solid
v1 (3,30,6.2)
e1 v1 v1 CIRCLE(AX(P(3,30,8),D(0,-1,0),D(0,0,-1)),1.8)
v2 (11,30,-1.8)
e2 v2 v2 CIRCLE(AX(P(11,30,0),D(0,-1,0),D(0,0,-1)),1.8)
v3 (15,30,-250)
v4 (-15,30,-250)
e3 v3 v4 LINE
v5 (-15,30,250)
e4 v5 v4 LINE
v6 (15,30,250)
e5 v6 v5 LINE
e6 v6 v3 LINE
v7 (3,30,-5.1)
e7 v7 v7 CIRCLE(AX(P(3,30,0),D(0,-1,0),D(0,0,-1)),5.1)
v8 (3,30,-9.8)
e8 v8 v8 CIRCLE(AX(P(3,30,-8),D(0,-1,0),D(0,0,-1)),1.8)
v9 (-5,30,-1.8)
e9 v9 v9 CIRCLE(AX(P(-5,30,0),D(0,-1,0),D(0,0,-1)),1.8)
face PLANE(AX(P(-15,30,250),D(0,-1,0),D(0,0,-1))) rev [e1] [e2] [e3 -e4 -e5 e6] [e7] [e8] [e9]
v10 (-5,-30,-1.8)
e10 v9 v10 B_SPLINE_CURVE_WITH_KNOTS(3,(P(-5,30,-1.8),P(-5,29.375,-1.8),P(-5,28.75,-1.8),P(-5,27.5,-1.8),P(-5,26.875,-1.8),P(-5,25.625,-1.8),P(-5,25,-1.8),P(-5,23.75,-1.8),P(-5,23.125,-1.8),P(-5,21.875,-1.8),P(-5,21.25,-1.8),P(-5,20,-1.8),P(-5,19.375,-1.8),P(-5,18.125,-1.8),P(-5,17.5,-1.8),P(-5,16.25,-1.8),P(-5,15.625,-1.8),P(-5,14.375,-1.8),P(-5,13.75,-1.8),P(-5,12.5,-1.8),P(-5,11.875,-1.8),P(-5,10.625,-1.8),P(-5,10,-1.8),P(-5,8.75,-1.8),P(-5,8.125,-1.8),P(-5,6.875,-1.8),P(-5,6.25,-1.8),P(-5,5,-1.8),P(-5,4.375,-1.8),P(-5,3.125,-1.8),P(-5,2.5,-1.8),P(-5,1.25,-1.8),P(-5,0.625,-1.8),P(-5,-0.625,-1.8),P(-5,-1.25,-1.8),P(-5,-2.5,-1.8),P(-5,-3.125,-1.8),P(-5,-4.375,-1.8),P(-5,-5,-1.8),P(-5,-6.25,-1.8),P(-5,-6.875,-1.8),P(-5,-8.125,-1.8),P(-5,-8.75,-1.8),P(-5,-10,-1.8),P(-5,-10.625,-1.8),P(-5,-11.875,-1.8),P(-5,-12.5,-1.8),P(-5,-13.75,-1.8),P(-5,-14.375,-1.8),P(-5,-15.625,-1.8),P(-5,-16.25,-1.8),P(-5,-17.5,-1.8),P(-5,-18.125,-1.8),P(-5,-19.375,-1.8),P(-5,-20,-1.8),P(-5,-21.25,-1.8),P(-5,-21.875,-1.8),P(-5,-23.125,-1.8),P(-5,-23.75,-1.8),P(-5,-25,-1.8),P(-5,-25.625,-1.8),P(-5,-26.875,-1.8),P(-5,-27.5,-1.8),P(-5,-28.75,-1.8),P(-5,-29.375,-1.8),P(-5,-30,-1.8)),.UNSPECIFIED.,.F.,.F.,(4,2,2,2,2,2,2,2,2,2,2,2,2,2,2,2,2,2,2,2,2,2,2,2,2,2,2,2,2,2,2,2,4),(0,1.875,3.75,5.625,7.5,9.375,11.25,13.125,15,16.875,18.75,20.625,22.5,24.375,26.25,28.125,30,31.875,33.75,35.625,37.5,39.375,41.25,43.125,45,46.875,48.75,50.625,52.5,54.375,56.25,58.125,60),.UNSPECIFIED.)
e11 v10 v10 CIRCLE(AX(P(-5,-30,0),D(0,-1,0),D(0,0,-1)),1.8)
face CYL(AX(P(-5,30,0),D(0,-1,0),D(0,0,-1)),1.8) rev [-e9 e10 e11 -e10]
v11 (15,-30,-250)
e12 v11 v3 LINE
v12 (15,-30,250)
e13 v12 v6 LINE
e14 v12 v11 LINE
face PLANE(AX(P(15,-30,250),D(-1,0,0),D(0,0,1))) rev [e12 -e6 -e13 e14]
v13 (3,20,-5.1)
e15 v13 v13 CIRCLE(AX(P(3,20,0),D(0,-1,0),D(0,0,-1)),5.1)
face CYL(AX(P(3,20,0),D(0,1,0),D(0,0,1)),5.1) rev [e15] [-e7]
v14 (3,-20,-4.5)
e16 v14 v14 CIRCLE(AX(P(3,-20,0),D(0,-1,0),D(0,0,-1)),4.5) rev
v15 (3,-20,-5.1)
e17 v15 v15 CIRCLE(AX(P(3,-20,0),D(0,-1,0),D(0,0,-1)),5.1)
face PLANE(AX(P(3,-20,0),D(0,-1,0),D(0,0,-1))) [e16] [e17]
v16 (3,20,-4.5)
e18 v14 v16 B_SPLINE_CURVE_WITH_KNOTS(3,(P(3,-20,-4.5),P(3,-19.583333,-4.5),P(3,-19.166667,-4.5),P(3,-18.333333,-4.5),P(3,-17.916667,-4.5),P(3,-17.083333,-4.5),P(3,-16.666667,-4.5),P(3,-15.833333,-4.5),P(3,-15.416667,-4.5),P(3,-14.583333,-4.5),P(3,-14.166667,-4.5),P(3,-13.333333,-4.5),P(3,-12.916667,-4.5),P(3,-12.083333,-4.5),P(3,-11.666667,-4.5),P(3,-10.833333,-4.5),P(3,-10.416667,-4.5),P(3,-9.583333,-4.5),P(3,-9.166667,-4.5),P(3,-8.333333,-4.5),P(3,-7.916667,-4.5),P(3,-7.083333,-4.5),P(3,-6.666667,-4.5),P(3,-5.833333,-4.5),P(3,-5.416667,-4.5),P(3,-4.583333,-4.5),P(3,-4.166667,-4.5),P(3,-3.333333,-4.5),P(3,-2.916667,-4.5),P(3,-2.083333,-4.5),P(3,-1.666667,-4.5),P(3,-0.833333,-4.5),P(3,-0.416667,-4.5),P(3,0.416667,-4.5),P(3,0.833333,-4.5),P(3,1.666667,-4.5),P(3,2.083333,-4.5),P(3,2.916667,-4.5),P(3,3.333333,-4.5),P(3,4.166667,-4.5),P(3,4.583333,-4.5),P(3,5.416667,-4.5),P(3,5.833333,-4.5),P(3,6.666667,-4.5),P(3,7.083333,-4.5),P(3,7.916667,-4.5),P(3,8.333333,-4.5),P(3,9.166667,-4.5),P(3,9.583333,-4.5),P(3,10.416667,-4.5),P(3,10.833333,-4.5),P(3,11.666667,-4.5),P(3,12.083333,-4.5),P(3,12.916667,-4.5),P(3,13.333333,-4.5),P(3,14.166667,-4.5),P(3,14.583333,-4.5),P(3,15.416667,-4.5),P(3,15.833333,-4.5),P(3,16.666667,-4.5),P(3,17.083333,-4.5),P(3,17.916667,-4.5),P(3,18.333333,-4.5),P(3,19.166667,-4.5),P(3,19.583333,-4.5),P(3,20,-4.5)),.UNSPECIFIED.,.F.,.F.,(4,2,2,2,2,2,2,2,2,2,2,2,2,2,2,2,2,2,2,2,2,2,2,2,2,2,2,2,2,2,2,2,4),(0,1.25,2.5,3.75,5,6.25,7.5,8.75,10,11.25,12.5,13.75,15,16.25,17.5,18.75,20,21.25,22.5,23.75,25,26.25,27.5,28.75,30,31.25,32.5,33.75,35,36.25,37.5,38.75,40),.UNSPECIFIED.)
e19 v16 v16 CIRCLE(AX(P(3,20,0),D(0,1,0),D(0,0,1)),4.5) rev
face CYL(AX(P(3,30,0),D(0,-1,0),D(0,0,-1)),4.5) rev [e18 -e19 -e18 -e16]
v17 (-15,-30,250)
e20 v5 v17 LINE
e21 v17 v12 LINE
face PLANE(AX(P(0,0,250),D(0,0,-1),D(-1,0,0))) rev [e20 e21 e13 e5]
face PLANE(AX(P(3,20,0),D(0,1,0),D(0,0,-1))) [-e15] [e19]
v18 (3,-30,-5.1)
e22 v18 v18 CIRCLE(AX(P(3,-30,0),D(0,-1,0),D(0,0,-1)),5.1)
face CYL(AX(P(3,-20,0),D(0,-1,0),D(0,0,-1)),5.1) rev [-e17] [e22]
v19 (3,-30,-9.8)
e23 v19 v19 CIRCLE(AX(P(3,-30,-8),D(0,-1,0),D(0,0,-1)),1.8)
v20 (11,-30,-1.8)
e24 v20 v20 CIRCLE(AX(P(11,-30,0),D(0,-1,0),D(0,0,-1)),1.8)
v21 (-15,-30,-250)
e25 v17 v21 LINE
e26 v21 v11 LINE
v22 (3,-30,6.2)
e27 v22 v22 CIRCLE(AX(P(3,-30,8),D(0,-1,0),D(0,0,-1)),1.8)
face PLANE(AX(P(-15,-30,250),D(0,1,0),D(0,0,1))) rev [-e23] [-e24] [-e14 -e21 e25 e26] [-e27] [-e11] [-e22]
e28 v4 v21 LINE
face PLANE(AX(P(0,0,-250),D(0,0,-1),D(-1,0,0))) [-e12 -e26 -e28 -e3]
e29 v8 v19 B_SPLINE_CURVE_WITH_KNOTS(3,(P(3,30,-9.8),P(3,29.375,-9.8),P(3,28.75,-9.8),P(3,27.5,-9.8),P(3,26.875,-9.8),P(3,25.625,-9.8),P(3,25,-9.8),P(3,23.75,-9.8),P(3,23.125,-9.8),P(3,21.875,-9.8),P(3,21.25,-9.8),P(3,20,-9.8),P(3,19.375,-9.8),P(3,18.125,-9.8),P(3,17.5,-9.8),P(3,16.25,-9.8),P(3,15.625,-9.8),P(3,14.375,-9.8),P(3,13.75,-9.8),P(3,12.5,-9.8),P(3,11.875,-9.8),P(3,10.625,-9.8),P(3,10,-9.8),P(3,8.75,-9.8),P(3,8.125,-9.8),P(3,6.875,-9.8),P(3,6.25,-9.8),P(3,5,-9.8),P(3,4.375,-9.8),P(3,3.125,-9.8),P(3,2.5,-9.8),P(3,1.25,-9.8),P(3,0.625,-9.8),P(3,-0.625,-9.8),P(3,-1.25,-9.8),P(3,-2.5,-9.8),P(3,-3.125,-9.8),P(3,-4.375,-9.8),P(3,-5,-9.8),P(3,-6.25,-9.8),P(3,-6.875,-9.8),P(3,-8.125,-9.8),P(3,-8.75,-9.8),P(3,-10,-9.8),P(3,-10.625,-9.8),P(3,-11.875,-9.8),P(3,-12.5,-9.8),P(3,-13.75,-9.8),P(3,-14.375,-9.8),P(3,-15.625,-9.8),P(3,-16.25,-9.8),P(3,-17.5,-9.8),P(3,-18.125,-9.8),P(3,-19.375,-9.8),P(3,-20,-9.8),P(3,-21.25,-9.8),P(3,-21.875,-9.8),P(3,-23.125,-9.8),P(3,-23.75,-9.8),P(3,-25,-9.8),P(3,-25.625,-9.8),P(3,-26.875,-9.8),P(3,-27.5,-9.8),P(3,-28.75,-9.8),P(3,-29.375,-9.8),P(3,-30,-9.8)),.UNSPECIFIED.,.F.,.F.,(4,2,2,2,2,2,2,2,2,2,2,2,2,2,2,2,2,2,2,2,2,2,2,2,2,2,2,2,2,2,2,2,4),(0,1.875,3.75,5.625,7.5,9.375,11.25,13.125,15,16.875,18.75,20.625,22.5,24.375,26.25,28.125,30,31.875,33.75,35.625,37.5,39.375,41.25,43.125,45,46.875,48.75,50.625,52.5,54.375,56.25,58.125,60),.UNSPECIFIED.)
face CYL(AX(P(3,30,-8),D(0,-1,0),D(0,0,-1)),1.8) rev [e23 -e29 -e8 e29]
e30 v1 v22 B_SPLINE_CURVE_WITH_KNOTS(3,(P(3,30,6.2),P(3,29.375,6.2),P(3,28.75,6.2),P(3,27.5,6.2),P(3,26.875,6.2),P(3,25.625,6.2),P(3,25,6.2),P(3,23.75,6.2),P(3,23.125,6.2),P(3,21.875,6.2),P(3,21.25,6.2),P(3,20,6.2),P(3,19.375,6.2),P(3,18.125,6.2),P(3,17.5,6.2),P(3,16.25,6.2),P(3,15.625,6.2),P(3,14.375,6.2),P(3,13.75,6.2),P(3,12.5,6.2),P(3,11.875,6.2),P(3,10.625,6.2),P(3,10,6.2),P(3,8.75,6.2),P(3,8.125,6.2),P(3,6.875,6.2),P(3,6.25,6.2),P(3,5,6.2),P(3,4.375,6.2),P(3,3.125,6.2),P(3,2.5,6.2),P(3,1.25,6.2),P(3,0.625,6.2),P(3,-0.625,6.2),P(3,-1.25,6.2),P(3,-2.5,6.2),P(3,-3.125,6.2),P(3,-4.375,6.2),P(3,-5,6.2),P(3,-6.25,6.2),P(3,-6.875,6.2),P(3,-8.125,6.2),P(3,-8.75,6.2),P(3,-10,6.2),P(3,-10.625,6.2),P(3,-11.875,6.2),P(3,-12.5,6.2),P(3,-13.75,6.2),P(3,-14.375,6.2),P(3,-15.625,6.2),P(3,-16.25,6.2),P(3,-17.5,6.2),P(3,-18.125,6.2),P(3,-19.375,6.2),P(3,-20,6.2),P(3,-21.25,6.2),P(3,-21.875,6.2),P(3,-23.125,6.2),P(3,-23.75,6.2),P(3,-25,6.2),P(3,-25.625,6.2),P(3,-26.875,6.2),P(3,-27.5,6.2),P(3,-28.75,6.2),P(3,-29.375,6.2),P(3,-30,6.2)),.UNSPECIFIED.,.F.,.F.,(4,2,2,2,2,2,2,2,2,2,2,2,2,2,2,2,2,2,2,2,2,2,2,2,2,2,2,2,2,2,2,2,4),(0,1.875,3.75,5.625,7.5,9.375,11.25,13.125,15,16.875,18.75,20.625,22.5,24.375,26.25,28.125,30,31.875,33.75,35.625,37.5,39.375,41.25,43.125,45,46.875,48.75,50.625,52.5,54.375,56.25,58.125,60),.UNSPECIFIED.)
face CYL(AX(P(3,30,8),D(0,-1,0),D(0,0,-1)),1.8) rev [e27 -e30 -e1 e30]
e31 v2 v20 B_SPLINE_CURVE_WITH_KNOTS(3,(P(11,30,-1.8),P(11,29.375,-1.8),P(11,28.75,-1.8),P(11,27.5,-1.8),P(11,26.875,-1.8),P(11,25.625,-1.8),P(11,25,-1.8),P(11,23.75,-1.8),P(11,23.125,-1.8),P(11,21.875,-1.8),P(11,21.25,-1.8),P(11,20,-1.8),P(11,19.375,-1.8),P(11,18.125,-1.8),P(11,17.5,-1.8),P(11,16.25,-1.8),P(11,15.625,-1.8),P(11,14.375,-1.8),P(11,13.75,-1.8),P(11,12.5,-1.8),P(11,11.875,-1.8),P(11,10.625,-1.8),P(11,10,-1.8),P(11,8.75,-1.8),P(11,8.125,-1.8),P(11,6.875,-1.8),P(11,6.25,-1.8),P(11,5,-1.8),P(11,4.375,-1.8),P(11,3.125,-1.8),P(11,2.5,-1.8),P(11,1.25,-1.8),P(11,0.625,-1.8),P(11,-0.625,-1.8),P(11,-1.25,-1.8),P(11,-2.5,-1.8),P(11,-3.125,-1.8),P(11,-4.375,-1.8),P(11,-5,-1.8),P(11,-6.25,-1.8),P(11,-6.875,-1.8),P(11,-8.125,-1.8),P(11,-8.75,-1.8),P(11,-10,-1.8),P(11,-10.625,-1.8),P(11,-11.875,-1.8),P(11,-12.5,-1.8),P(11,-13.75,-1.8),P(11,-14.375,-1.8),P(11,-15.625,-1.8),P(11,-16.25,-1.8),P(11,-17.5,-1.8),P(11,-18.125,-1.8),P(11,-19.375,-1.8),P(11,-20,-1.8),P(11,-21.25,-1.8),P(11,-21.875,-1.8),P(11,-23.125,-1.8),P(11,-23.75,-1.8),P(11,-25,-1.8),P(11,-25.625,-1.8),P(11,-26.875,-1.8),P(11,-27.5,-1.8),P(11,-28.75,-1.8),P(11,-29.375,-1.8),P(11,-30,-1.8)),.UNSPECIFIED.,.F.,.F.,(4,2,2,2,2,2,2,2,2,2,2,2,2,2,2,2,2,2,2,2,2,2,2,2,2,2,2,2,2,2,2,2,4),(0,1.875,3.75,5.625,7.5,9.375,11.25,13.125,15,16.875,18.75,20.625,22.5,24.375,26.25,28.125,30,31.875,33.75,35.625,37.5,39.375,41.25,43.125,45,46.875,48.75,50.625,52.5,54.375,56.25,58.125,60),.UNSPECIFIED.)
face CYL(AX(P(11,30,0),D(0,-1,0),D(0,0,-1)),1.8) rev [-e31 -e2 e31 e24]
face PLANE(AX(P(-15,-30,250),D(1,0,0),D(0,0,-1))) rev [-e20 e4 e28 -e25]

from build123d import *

# Parameters (mm, degrees)
SKETCH1_W           = 30
SKETCH1_H           = 60
BOSS_EXTRUDE1_DEPTH = 250
SKETCH3_R           = 4.5
SKETCH3_R_2         = 1.8
CUT_EXTRUDE1_DEPTH  = 258.536405194
SKETCH4_R           = 5.1
CUT_EXTRUDE2_DEPTH  = 10


with BuildPart() as part:
    # Sketch1 → Boss-Extrude1 (new, symmetric)
    with BuildSketch(Plane.XY):
        Rectangle(SKETCH1_W, SKETCH1_H)
    extrude(amount=BOSS_EXTRUDE1_DEPTH, both=True)

    # Sketch3 → Cut-Extrude1 (cut, through all)
    with BuildSketch(Plane.XZ.offset(30)):
        with Locations(Location((3, 0, 0), (0, 0, 270))):
            Circle(SKETCH3_R)
        with Locations(Location((11, 0, 0), (0, 0, 270))):
            Circle(SKETCH3_R_2)
        with Locations(Location((3, -8, 0), (0, 0, 270))):
            Circle(SKETCH3_R_2)
        with Locations(Location((-5, 0, 0), (0, 0, 270))):
            Circle(SKETCH3_R_2)
        with Locations(Location((3, 8, 0), (0, 0, 270))):
            Circle(SKETCH3_R_2)
    extrude(amount=-CUT_EXTRUDE1_DEPTH, mode=Mode.SUBTRACT)

    # Sketch4 → Cut-Extrude2 (cut)
    with BuildSketch(Plane.XZ.offset(30)):
        with Locations(Location((3, 0, 0), (0, 0, 270))):
            Circle(SKETCH4_R)
    cut_extrude2 = extrude(amount=-CUT_EXTRUDE2_DEPTH, mode=Mode.SUBTRACT)

    # Mirror1: Cut-Extrude2 across plane
    add(cut_extrude2.mirror(Plane.ZX), mode=Mode.SUBTRACT)


solid = part.part
